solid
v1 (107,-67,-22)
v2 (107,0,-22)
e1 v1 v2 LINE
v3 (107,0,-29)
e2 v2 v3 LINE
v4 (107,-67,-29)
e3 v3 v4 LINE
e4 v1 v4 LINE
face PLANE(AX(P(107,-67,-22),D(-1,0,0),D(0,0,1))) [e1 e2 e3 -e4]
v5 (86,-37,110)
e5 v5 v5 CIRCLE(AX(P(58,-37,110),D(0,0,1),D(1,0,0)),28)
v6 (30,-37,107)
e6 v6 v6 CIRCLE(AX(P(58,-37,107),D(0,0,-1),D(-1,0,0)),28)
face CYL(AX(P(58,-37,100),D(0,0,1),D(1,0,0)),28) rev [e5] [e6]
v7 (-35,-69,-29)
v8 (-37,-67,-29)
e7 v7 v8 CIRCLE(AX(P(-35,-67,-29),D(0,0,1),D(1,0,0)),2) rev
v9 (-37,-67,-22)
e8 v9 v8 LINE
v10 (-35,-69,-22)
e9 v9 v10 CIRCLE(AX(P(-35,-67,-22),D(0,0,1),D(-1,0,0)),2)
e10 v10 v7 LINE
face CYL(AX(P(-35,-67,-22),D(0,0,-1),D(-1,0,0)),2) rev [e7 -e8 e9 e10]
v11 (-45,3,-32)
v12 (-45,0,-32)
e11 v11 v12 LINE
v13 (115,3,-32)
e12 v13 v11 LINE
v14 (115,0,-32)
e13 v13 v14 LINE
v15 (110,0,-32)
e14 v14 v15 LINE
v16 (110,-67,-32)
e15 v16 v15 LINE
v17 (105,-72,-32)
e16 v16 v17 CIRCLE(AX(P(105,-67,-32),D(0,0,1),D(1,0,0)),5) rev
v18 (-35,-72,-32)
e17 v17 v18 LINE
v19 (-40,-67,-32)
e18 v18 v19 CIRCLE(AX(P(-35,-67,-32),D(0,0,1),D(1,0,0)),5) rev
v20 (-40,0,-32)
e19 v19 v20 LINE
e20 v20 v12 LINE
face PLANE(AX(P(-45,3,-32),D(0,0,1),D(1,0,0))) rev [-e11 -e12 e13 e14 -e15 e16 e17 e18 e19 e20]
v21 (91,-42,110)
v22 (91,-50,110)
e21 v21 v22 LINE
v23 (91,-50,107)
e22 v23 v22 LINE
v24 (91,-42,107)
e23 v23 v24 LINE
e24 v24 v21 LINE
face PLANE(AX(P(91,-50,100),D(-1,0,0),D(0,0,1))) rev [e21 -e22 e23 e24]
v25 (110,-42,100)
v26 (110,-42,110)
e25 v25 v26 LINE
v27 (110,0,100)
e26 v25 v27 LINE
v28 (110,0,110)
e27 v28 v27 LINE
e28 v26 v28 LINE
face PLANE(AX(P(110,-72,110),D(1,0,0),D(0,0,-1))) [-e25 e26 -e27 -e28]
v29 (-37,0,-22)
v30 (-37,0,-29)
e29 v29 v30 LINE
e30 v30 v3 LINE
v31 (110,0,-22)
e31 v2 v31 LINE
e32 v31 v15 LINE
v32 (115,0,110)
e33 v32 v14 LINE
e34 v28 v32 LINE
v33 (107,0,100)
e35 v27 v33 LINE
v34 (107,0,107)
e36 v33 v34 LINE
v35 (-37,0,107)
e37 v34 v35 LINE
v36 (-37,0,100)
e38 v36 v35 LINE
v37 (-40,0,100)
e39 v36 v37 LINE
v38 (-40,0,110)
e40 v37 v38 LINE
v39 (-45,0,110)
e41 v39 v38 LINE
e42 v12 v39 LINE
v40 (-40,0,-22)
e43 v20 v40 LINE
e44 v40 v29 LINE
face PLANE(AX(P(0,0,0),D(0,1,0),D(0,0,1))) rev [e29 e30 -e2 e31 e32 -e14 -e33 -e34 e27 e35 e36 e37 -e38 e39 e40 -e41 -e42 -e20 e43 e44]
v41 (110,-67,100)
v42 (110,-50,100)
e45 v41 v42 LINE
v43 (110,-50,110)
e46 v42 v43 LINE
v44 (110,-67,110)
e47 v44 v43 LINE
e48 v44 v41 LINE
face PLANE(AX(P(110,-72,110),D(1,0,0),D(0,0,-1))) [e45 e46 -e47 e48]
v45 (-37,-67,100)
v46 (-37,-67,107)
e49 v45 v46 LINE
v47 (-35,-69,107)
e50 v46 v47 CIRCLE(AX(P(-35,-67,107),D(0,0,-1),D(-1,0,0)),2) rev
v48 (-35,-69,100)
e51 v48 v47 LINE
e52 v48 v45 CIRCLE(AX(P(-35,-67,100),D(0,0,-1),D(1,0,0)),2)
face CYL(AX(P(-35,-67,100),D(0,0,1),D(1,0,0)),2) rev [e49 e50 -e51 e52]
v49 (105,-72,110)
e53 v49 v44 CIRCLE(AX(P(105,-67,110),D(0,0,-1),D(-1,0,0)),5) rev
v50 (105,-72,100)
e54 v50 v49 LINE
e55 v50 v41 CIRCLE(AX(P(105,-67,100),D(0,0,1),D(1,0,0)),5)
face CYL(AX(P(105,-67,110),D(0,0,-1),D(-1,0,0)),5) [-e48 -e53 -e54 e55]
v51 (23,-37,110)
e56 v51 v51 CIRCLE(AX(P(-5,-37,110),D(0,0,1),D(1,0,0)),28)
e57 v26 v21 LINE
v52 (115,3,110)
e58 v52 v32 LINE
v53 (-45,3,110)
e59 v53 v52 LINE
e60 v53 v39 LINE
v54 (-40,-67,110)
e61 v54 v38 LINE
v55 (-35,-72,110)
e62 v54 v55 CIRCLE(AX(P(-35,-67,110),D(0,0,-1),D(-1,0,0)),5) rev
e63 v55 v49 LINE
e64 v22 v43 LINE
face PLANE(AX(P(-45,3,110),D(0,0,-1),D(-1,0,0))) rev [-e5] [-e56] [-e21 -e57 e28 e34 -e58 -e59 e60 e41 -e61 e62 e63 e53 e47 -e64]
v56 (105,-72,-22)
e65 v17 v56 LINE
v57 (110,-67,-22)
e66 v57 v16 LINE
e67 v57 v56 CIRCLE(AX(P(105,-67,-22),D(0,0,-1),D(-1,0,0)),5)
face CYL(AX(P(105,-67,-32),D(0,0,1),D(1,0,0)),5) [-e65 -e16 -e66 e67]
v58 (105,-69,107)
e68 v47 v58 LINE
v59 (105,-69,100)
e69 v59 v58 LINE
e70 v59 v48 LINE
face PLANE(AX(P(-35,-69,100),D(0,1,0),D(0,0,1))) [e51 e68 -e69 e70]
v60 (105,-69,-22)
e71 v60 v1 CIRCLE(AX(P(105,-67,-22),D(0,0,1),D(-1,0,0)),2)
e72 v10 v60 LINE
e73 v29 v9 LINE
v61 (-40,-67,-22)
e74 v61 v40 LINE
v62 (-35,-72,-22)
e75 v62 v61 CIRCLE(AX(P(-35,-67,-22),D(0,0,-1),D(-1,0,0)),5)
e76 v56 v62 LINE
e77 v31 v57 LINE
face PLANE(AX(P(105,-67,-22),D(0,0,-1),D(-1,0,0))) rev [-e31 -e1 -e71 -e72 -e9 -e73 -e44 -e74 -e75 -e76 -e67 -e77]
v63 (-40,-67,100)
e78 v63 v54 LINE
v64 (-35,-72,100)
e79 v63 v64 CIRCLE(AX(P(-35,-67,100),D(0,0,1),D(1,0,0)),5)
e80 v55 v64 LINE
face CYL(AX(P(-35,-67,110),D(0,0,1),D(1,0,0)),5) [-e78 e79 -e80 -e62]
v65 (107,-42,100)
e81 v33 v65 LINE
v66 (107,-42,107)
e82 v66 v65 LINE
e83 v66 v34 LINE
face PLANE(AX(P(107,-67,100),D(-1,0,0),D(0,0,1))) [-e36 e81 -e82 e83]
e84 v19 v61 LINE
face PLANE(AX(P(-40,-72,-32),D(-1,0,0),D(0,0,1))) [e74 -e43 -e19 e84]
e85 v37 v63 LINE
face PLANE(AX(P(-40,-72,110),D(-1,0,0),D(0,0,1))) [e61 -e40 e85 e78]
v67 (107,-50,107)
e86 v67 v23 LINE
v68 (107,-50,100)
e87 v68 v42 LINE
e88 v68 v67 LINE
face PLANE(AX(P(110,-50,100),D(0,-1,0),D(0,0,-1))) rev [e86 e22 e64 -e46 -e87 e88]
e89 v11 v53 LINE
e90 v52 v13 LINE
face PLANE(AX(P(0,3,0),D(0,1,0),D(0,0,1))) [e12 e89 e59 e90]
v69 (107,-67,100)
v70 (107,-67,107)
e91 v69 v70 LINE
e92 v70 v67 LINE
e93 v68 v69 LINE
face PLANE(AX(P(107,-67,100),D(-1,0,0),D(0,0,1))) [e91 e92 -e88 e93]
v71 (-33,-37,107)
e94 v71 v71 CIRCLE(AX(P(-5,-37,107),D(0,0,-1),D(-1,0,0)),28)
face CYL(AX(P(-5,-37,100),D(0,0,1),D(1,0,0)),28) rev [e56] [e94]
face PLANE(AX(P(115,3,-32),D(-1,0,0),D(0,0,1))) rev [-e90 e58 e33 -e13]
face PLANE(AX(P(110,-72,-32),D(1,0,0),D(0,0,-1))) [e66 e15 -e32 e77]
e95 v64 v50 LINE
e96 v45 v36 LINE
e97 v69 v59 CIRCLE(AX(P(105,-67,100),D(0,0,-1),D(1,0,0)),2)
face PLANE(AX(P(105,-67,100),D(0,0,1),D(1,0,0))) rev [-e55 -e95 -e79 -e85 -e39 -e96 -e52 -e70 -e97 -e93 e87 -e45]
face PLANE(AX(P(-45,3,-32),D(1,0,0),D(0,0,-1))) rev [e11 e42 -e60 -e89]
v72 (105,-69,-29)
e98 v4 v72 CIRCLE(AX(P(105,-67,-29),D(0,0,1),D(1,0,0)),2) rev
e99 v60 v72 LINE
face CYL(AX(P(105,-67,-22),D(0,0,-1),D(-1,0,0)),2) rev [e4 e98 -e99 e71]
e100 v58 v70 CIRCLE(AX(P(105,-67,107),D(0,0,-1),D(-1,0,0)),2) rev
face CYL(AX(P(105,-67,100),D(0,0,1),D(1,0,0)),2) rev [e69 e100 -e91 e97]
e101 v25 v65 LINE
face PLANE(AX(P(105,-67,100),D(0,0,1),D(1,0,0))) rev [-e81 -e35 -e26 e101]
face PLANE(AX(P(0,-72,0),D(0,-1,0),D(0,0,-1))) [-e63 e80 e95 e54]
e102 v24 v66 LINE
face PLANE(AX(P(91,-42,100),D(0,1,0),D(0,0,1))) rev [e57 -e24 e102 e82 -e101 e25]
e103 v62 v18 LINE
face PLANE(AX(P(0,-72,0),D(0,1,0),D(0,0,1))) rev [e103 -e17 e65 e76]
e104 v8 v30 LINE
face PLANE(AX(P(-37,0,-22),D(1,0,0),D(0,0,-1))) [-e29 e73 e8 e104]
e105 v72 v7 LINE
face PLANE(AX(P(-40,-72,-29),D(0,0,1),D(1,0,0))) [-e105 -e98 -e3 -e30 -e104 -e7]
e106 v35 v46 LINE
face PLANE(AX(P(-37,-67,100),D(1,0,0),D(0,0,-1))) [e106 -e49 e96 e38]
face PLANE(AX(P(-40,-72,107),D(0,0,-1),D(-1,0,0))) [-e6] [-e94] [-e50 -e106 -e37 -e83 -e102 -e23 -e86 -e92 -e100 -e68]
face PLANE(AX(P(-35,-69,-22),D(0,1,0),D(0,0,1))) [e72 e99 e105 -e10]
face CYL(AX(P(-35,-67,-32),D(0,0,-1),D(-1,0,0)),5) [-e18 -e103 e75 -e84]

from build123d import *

# Parameters (mm, degrees)
SKETCH1_W                        = 160
SKETCH1_H                        = 142
ROOF_DEPTH                       = 3
SKETCH2_W                        = 150
SKETCH2_H                        = 3
FRONT_AND_REAR_WALLS_DEPTH       = 72
FILLET1_R                        = 5
FRONT_COVER_REINFORCEMENT_DEPTH  = 10
REAR_START                       = -10
REAR_COVER_REINFORCEMENT_DEPTH   = 10
SKETCH5_W                        = 19
SKETCH5_H                        = 8
DISPLAY_CABLE_PASSTHRU_CUT_DEPTH = 10
SKETCH6_R                        = 28
FAN_CUTOUTS_DEPTH                = 10


with BuildPart() as part:
    # Sketch1 → ROOF (new body)
    with BuildSketch(Plane(origin=(0, 0, 0), x_dir=(1, 0, 0), z_dir=(0, 1, 0))):
        with Locations((35, -39)):
            Rectangle(SKETCH1_W, SKETCH1_H)
    extrude(amount=ROOF_DEPTH)

    # Sketch2 → FRONT AND REAR WALLS (add)
    with BuildSketch(Plane(origin=(0, 0, 0), x_dir=(1, 0, 0), z_dir=(0, 1, 0))):
        with Locations((35, 30.5)):
            Rectangle(SKETCH2_W, SKETCH2_H)
        with Locations((35, -108.5)):
            Rectangle(SKETCH2_W, SKETCH2_H)
    extrude(amount=-FRONT_AND_REAR_WALLS_DEPTH)

    # Fillet1
    fillet1_edges = [part.edges().sort_by_distance(p)[0] for p in [
        (-40, -72, -30.5),
        (110, -72, -30.5),
        (-40, -72, 108.5),
        (110, -72, 108.5),
    ]]
    fillet(fillet1_edges, radius=FILLET1_R)

    # Sketch3 → FRONT COVER REINFORCEMENT (add)
    with BuildSketch(Plane.XY.offset(110)):
        with BuildLine():
            Line((110, -67), (110, 0))
            Line((110, 0), (107, 0))
            Line((107, 0), (107, -67))
            ThreePointArc((107, -67), (106.414213562, -68.414213562), (105, -69))
            Line((105, -69), (-35, -69))
            ThreePointArc((-35, -69), (-36.414213562, -68.414213562), (-37, -67))
            Line((-37, -67), (-37, 0))
            Line((-37, 0), (-40, 0))
            Line((-40, 0), (-40, -67))
            ThreePointArc((-40, -67), (-38.535533906, -70.535533906), (-35, -72))
            Line((-35, -72), (105, -72))
            ThreePointArc((105, -72), (108.535533906, -70.535533906), (110, -67))
        make_face()
    extrude(amount=-FRONT_COVER_REINFORCEMENT_DEPTH)

    # Sketch4 → REAR COVER REINFORCEMENT (add)
    with BuildSketch(Plane(origin=(0, 0, -32), x_dir=(-1, 0, 0), z_dir=(0, 0, -1)).offset(REAR_START)):
        with BuildLine():
            Line((-110, 0), (-110, -67))
            ThreePointArc((-110, -67), (-108.535533906, -70.535533906), (-105, -72))
            Line((-105, -72), (35, -72))
            ThreePointArc((35, -72), (38.535533906, -70.535533906), (40, -67))
            Line((40, -67), (40, 0))
            Line((40, 0), (37, 0))
            Line((37, 0), (37, -67))
            ThreePointArc((37, -67), (36.414213562, -68.414213562), (35, -69))
            Line((35, -69), (-105, -69))
            ThreePointArc((-105, -69), (-106.414213562, -68.414213562), (-107, -67))
            Line((-107, -67), (-107, 0))
            Line((-107, 0), (-110, 0))
        make_face()
    extrude(amount=REAR_COVER_REINFORCEMENT_DEPTH)

    # Sketch5 → DISPLAY CABLE PASSTHRU CUT (cut)
    with BuildSketch(Plane.XY.offset(110)):
        with Locations((100.5, -46)):
            Rectangle(SKETCH5_W, SKETCH5_H)
    extrude(amount=-DISPLAY_CABLE_PASSTHRU_CUT_DEPTH, mode=Mode.SUBTRACT)

    # Sketch6 → FAN CUTOUTS (cut)
    with BuildSketch(Plane.XY.offset(110)):
        with Locations((-5, -37)):
            Circle(SKETCH6_R)
        with Locations((58, -37)):
            Circle(SKETCH6_R)
    extrude(amount=-FAN_CUTOUTS_DEPTH, mode=Mode.SUBTRACT)


solid = part.part
